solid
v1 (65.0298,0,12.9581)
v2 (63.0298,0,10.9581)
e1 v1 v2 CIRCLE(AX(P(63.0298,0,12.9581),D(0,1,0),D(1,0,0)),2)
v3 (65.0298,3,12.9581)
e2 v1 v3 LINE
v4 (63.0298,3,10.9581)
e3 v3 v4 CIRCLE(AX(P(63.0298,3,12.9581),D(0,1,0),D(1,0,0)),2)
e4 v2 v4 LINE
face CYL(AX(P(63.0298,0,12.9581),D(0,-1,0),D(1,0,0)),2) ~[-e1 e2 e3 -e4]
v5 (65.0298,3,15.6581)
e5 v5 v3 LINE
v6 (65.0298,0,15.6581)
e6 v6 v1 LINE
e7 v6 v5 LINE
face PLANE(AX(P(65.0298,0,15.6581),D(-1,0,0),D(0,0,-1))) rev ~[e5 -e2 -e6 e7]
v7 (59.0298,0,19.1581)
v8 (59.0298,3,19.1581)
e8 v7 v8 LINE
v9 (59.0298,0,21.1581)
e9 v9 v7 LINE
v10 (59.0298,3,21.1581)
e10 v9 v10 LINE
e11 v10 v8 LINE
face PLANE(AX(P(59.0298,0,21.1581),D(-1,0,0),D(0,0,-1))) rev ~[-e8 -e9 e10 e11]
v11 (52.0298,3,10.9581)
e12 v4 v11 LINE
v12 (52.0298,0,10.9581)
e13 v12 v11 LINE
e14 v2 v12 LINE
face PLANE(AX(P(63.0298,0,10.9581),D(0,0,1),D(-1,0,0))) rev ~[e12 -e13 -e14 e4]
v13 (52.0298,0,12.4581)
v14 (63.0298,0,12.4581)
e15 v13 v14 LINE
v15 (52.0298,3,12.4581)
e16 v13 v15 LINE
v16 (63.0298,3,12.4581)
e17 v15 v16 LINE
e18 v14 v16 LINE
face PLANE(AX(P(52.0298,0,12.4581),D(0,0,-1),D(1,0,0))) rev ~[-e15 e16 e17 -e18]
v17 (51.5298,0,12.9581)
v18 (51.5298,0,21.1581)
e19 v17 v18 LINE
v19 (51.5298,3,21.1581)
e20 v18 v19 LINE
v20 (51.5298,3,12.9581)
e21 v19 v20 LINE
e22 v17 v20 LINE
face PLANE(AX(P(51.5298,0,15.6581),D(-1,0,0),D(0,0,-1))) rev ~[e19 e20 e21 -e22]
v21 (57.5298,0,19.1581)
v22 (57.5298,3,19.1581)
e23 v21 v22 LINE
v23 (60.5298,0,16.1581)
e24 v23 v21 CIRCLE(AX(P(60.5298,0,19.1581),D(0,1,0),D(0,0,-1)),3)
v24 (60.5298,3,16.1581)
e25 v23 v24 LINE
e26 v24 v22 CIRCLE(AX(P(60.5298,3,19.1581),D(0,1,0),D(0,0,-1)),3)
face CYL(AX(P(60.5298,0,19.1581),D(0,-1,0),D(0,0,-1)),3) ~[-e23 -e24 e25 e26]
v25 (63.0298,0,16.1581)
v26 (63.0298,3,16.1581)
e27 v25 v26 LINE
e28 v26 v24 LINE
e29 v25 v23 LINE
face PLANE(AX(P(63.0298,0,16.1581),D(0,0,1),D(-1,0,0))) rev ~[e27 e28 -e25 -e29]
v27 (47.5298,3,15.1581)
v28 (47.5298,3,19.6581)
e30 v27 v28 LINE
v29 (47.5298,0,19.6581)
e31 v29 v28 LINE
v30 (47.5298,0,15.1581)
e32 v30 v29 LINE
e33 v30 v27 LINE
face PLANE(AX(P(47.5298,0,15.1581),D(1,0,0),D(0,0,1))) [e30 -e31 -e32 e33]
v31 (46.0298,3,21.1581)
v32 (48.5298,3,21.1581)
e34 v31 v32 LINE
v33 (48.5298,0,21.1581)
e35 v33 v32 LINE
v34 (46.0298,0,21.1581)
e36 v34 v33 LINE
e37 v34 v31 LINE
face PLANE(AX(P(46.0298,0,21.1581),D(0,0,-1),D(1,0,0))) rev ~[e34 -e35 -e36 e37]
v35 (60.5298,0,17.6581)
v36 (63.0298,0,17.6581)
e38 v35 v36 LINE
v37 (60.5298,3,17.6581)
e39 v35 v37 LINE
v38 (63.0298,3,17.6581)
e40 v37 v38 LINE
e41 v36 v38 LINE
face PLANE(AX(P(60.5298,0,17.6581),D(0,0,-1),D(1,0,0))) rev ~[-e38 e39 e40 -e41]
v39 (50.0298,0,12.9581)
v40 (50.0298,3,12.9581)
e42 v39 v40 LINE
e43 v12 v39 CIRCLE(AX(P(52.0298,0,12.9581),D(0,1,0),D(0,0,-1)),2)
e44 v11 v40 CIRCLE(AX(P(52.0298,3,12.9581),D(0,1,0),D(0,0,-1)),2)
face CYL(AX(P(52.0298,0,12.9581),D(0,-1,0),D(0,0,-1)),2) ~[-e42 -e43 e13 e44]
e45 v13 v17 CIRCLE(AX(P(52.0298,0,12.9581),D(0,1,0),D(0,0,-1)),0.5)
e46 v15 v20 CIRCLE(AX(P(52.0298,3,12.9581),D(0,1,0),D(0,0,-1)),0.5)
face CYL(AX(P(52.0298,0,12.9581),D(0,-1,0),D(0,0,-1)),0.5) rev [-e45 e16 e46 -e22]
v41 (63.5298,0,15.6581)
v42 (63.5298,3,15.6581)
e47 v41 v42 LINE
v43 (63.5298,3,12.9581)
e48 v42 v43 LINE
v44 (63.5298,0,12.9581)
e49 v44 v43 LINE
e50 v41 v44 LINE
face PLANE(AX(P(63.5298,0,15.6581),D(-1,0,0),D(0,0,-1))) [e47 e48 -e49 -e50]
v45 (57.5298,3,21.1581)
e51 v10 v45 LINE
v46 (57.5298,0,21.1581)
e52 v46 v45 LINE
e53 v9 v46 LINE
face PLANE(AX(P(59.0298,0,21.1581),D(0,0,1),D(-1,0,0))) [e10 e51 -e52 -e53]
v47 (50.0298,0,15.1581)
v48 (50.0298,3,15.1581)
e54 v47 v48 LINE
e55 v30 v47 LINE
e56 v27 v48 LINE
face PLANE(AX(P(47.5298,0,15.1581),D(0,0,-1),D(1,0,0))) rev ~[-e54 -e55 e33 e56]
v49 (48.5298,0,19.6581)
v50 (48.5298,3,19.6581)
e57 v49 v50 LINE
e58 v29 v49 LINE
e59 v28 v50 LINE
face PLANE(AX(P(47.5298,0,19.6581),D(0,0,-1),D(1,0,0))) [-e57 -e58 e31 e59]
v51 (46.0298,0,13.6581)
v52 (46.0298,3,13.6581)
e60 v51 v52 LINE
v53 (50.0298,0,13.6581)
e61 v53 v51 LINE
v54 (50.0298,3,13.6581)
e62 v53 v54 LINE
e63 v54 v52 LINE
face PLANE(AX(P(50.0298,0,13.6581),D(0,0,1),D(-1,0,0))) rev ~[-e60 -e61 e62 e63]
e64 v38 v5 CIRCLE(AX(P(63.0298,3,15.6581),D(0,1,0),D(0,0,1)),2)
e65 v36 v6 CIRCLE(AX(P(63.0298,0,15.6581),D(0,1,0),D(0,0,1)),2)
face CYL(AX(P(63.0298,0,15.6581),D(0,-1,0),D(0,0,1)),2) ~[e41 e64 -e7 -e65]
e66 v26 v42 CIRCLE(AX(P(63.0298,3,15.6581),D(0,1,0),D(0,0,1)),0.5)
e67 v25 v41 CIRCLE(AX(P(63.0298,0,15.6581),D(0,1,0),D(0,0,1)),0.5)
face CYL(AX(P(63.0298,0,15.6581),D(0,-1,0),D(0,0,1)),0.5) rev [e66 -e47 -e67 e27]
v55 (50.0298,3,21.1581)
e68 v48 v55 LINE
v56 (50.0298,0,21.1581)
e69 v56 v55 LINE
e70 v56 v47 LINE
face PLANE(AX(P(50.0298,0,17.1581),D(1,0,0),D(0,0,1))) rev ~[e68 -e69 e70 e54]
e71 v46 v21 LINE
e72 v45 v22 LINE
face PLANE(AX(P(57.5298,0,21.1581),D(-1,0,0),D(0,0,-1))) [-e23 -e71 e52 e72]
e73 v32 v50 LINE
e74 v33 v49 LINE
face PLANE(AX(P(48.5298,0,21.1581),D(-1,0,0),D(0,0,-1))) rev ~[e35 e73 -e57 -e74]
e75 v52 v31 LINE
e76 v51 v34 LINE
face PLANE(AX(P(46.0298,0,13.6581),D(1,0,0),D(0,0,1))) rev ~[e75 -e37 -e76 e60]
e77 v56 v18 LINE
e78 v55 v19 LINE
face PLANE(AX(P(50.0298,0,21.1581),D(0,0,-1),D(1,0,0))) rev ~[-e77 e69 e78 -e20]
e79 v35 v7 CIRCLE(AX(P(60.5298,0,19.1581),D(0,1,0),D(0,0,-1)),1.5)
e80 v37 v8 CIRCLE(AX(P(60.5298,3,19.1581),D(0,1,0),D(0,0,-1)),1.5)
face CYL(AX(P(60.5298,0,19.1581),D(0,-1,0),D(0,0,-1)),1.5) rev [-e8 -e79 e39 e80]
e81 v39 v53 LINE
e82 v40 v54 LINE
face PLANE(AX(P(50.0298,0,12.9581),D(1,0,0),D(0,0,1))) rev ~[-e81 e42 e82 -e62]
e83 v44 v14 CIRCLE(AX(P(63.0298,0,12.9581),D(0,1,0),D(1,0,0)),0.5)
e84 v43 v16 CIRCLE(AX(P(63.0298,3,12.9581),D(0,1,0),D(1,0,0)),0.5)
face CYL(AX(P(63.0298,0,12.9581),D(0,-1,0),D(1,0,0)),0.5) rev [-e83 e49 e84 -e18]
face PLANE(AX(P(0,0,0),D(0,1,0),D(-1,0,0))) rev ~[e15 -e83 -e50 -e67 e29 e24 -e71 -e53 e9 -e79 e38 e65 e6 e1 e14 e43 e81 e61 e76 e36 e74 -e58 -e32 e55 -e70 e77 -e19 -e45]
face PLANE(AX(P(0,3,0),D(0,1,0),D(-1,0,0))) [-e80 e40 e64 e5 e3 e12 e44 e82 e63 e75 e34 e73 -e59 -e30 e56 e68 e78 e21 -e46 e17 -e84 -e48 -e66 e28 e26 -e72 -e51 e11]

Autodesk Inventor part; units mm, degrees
ref_plane "YZ Plane" through (0, 0, 0) normal (1, 0, 0) x (0, 1, 0)
ref_plane "XZ Plane" through (0, 0, 0) normal (0, 1, 0) x (-1, 0, 0)
ref_plane "XY Plane" through (0, 0, 0) normal (0, 0, 1) x (1, 0, 0)
sketch "Boceto1" plane through (0, 0, 0) normal (0, 1, 0) x (-1, 0, 0)
  line L0 (-63.5298, 15.6581) -> (-63.5298, 12.9581) projected
  line L1 (-51.5298, 15.6581) -> (-51.5298, 12.9581) projected
  line L2 (-52.0298, 12.4581) -> (-63.0298, 12.4581) projected
  line L3 (-51.5298, 17.1581) -> (-51.5298, 71.7081) projected
  line L4 (-57.5298, 69.7081) -> (-57.5298, 19.1581) projected
  line L5 (-63.0298, 16.1581) -> (-52.0298, 16.1581) projected
  arc A0 (-60.5298, 16.1581) -> (-57.5298, 19.1581) centre (-60.5298, 19.1581) ccw projected
  arc A1 (-63.0298, 16.1581) -> (-63.5298, 15.6581) centre (-63.0298, 15.6581) ccw projected
  arc A2 (-63.5298, 12.9581) -> (-63.0298, 12.4581) centre (-63.0298, 12.9581) ccw projected
  arc A3 (-52.0298, 12.4581) -> (-51.5298, 12.9581) centre (-52.0298, 12.9581) ccw projected
  line L6 (-51.5298, 15.6581) -> (-51.5298, 17.1581) projected
  line L7 (-60.5298, 17.6581) -> (-63.0298, 17.6581)
  arc A4 (-63.0298, 17.6581) -> (-65.0298, 15.6581) centre (-63.0298, 15.6581) ccw
  line L8 (-65.0298, 15.6581) -> (-65.0298, 12.9581)
  arc A5 (-65.0298, 12.9581) -> (-63.0298, 10.9581) centre (-63.0298, 12.9581) ccw
  line L9 (-63.0298, 10.9581) -> (-52.0298, 10.9581)
  arc A6 (-52.0298, 10.9581) -> (-50.0298, 12.9581) centre (-52.0298, 12.9581) ccw
  line L10 (-50.0298, 12.9581) -> (-50.0298, 15.6581)
  line L11 (-50.0298, 15.6581) -> (-50.0298, 17.1581)
  line L12 (-50.0298, 12.9581) -> (-50.0298, 21.1581)
  line L13 (-59.0298, 21.1581) -> (-59.0298, 19.1581)
  arc A7 (-60.5298, 17.6581) -> (-59.0298, 19.1581) centre (-60.5298, 19.1581) ccw
  line L14 (-59.0298, 21.1581) -> (-57.5298, 21.1581)
  line L15 (-50.0298, 21.1581) -> (-51.5298, 21.1581)
  line L16 (-51.5298, 21.1581) -> (-51.5298, 12.9581)
  line L17 (-52.0298, 12.4581) -> (-63.0298, 12.4581)
  line L18 (-63.5298, 12.9581) -> (-63.5298, 15.6581)
  line L19 (-63.0298, 16.1581) -> (-60.5298, 16.1581)
  line L20 (-57.5298, 21.1581) -> (-57.5298, 19.1581)
  line L21 (-57.5298, 21.1581) -> (-57.5298, 19.1581)
  arc A8 (-60.5298, 16.1581) -> (-57.5298, 19.1581) centre (-60.5298, 19.1581) ccw
  arc A9 (-63.0298, 16.1581) -> (-63.5298, 15.6581) centre (-63.0298, 15.6581) ccw
  arc A10 (-63.5298, 12.9581) -> (-63.0298, 12.4581) centre (-63.0298, 12.9581) ccw
  arc A11 (-52.0298, 12.4581) -> (-51.5298, 12.9581) centre (-52.0298, 12.9581) ccw
  line L22 (-50.0298, 13.6581) -> (-46.0298, 13.6581)
  line L23 (-46.0298, 13.6581) -> (-46.0298, 21.1581)
  line L24 (-47.5298, 15.1581) -> (-50.0298, 15.1581)
  line L25 (-46.0298, 21.1581) -> (-48.5298, 21.1581)
  line L26 (-48.5298, 21.1581) -> (-48.5298, 19.6581)
  line L27 (-47.5298, 15.1581) -> (-47.5298, 19.6581)
  line L28 (-47.5298, 19.6581) -> (-48.5298, 19.6581)
  point P0 (0, 0)
  dimension "d0" = 1.5
  dimension "d1" = 1.5
  dimension "d2" = 5
  dimension "d3" = 1.5
  dimension "d4" = 1.5
  dimension "d5" = 1.5
  dimension "d8" = 1.5
  dimension "d9" = 1.5
  dimension "d10" = 2.5
  dimension "d11" = 4
  dimension "d12" = 7.5
extrude "Extrusión1" add sketch "Boceto1" along normal blind 3
equation "\"d5\" = d0"
equation "\"d8\" = d0"
equation "\"d9\" = d0"
properties part number "grapa"
